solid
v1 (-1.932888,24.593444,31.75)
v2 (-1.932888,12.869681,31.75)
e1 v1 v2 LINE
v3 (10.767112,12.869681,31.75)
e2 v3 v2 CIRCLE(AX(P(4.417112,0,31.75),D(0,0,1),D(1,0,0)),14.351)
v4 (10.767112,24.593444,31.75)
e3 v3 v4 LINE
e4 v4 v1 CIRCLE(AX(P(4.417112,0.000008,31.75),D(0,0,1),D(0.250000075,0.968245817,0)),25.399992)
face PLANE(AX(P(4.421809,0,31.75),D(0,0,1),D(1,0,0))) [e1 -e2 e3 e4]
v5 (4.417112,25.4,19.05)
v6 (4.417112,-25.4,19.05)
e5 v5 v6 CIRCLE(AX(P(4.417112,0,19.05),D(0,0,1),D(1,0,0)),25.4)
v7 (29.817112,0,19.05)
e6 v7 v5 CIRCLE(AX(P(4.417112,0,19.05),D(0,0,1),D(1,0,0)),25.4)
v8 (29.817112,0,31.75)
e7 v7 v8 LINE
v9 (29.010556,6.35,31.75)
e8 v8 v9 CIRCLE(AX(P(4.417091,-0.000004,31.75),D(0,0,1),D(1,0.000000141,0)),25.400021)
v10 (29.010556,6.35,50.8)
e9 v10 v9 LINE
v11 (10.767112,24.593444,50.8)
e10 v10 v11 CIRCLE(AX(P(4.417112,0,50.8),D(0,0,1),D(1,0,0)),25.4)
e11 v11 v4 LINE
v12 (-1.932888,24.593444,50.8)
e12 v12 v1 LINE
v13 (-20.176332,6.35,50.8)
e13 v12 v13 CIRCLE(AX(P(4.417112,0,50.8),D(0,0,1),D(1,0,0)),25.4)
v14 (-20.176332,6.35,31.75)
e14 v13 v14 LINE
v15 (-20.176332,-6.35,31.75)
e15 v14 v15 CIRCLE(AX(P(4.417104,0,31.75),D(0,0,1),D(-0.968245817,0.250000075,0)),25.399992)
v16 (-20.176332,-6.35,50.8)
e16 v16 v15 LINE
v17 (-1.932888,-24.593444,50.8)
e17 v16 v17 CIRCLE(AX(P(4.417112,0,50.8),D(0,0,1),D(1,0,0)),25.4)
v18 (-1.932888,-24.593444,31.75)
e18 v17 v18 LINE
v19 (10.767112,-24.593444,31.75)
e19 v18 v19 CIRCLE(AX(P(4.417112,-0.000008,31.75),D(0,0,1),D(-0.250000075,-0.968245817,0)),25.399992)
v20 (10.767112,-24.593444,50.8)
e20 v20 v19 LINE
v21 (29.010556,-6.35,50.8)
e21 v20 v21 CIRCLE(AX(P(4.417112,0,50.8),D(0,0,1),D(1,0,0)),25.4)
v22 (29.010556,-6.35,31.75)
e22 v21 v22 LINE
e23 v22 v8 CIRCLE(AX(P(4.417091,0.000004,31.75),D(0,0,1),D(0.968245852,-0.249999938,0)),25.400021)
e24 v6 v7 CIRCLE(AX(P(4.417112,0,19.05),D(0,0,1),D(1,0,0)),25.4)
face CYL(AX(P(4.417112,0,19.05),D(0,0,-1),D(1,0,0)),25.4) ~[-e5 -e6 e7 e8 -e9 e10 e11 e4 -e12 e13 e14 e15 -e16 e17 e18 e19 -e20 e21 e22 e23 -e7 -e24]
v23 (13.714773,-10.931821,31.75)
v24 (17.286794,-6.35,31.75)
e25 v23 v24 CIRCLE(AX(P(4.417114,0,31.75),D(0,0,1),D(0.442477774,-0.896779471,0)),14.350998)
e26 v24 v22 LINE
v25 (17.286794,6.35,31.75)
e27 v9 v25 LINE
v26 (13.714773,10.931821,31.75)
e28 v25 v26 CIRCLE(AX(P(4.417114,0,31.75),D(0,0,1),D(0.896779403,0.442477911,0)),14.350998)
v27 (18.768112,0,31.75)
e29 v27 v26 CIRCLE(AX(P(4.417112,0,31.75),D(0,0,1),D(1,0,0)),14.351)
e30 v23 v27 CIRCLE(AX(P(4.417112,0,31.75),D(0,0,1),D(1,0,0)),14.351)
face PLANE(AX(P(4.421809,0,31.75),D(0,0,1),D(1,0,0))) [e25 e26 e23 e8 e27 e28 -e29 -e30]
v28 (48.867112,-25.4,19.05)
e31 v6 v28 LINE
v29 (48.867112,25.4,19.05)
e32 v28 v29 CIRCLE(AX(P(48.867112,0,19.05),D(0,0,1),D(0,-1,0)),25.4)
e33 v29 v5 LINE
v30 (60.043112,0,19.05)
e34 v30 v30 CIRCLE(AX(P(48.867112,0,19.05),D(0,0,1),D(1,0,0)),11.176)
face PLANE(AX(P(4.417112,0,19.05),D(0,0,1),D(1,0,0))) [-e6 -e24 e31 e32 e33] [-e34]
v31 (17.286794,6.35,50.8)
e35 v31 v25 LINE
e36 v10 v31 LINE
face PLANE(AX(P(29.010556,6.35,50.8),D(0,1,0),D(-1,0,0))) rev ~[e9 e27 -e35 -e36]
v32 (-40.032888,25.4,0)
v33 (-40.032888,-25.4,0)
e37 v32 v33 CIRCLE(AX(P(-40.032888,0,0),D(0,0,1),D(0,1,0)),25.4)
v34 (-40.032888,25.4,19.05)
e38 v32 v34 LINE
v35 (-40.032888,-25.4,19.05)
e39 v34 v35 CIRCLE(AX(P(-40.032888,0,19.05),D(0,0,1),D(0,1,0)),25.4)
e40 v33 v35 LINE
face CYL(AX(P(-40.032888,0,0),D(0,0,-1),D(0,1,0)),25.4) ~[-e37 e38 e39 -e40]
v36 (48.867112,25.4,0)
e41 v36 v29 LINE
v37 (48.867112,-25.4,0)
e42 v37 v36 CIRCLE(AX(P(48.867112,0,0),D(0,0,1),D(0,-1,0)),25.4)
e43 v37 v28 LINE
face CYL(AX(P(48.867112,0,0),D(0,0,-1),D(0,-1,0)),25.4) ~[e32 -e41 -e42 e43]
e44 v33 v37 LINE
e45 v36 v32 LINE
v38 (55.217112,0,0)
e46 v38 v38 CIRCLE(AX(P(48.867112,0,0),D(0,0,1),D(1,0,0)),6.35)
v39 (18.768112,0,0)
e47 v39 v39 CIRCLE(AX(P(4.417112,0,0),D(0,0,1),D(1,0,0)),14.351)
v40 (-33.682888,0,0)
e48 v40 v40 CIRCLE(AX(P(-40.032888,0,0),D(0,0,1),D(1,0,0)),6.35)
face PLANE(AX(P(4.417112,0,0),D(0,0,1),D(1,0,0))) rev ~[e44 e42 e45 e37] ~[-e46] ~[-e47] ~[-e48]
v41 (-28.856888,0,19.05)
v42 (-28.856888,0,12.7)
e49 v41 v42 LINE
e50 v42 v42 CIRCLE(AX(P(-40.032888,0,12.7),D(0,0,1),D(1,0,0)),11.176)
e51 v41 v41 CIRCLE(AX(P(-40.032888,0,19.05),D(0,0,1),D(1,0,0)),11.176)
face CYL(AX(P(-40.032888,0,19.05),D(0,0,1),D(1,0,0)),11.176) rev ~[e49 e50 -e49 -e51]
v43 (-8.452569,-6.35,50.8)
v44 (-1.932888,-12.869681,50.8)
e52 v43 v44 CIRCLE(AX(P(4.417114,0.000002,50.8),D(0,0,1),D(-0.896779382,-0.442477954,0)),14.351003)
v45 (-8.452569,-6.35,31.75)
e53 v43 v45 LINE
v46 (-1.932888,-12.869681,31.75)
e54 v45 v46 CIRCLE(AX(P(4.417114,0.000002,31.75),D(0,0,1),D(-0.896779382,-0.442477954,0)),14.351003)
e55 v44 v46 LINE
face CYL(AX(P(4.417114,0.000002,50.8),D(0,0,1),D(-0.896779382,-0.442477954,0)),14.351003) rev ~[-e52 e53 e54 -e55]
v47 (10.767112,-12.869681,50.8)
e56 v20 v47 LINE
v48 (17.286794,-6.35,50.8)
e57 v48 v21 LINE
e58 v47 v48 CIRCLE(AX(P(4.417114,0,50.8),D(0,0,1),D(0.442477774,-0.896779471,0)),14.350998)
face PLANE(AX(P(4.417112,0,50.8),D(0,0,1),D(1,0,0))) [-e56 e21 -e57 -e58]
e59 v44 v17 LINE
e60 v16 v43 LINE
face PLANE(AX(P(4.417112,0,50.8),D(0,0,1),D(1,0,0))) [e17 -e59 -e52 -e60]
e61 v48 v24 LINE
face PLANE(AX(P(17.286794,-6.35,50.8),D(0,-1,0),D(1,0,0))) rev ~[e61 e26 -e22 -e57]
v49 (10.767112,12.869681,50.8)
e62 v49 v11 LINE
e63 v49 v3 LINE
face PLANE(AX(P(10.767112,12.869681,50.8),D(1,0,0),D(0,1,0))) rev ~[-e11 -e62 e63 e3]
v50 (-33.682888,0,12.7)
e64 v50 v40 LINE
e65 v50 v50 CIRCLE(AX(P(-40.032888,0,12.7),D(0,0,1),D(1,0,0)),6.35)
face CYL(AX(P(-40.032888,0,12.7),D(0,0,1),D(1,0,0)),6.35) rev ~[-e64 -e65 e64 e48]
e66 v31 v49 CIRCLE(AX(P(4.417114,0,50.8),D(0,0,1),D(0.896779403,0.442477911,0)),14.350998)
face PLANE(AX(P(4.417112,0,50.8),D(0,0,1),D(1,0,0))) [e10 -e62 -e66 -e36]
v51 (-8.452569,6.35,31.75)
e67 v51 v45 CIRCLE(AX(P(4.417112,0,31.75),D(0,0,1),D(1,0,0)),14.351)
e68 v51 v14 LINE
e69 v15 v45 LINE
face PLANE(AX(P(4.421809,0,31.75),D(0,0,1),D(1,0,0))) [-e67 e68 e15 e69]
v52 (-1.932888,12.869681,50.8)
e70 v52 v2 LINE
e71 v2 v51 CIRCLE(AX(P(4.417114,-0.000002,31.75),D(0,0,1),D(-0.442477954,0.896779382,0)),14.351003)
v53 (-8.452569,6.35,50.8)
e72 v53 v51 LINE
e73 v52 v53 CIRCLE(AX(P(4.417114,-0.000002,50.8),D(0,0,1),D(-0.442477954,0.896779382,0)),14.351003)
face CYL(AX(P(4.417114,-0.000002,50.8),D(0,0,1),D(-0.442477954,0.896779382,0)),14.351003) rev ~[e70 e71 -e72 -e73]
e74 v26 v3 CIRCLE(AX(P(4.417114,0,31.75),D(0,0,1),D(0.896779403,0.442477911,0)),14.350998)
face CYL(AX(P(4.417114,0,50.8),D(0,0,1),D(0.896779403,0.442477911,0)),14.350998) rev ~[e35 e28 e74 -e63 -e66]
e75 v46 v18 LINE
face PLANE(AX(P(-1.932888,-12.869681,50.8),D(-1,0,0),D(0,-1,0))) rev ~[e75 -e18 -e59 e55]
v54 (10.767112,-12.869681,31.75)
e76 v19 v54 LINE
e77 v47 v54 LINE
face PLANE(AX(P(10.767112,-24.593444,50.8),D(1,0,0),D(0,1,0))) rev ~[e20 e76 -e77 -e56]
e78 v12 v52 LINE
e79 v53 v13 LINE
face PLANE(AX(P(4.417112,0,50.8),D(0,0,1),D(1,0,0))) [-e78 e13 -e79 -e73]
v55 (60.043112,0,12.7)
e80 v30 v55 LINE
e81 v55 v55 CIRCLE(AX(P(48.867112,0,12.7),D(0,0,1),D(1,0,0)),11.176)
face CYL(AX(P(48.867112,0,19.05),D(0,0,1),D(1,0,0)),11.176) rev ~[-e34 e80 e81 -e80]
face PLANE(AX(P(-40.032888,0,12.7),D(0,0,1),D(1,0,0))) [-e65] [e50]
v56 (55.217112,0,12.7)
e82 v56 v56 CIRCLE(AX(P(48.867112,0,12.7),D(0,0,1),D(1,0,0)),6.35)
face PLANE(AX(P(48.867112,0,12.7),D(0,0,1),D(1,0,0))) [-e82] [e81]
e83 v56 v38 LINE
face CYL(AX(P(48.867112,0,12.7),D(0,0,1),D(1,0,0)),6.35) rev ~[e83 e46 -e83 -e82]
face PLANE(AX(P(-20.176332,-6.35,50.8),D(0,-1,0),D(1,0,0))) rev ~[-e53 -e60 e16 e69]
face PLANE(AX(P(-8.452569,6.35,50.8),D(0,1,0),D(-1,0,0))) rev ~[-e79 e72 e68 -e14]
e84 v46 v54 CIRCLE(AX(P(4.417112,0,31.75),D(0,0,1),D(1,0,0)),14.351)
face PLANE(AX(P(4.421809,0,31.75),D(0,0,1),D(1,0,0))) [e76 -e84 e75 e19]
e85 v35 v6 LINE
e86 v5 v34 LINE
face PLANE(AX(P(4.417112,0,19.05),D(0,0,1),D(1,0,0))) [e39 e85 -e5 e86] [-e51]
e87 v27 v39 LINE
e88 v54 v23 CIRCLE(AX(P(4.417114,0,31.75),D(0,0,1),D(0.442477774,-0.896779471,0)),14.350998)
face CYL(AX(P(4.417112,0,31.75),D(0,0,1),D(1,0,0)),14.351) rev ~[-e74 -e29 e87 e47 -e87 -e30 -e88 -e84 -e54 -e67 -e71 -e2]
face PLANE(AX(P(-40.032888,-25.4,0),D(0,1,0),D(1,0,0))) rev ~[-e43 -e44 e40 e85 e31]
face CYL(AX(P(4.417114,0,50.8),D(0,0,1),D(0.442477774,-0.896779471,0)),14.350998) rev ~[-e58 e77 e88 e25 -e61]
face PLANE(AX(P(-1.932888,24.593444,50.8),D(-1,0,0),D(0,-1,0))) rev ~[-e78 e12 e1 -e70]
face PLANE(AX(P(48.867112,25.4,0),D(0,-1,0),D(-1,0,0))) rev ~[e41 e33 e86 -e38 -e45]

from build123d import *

# Parameters (mm, degrees)
F1_DEPTH  = 19.05
F2_R      = 25.4
F3_DEPTH  = 31.75
F5_DEPTH  = 19.05
F6_R      = 14.351
F7_DEPTH  = 31.751
F8_R      = 11.176
F9_DEPTH  = 6.35
F10_R     = 6.35
F11_DEPTH = 12.701


with BuildPart() as f1:
    # F0 (on Top) → F1 (new body)
    with BuildSketch(Plane.XY):
        with BuildLine():
            Line((48.867112, 25.4), (-40.032888, 25.4))
            ThreePointArc((-40.032888, 25.4), (-65.432888, 0), (-40.032888, -25.4))
            Line((-40.032888, -25.4), (48.867112, -25.4))
            ThreePointArc((48.867112, -25.4), (74.267112, 0), (48.867112, 25.4))
        make_face()
    extrude(amount=F1_DEPTH)

    # F2 (on face) → F3 (join)
    with BuildSketch(Plane.XY.offset(19.05)):
        with Locations((4.417112, 0)):
            Circle(F2_R)
    extrude(amount=F3_DEPTH)

    # F4 (on face) → F5 (cut)
    with BuildSketch(Plane.XY.offset(50.8)):
        with BuildLine():
            Line((-1.932888, 24.593444), (-1.932888, 12.869681))
            ThreePointArc((-1.932888, 12.869681), (-5.730577, 10.147689), (-8.452569, 6.35))
            Line((-8.452569, 6.35), (-20.176332, 6.35))
            ThreePointArc((-20.176332, 6.35), (-20.982888, 0), (-20.176332, -6.35))
            Line((-20.176332, -6.35), (-8.452569, -6.35))
            ThreePointArc((-8.452569, -6.35), (-5.730577, -10.147689), (-1.932888, -12.869681))
            Line((-1.932888, -12.869681), (-1.932888, -24.593444))
            ThreePointArc((-1.932888, -24.593444), (4.417112, -25.4), (10.767112, -24.593444))
            Line((10.767112, -24.593444), (10.767112, -12.869681))
            ThreePointArc((10.767112, -12.869681), (14.564802, -10.147689), (17.286794, -6.35))
            Line((17.286794, -6.35), (29.010556, -6.35))
            ThreePointArc((29.010556, -6.35), (29.614666, -3.200509), (29.817112, 0))
            ThreePointArc((29.817112, 0), (29.614666, 3.200509), (29.010556, 6.35))
            Line((29.010556, 6.35), (17.286794, 6.35))
            ThreePointArc((17.286794, 6.35), (14.564802, 10.147689), (10.767112, 12.869681))
            Line((10.767112, 12.869681), (10.767112, 24.593444))
            ThreePointArc((10.767112, 24.593444), (4.417112, 25.4), (-1.932888, 24.593444))
        make_face()
    extrude(amount=-F5_DEPTH, mode=Mode.SUBTRACT)

    # F6 (on face) → F7 (cut, through all)
    with BuildSketch(Plane.XY.offset(31.75)):
        with Locations((4.417112, 0)):
            Circle(F6_R)
    extrude(amount=-F7_DEPTH, mode=Mode.SUBTRACT)

    # F8 (on face) → F9 (cut)
    with BuildSketch(Plane.XY.offset(19.05)):
        with Locations((-40.032888, 0)):
            Circle(F8_R)
        with Locations((48.867112, 0)):
            Circle(F8_R)
    extrude(amount=-F9_DEPTH, mode=Mode.SUBTRACT)

    # F10 (on face) → F11 (cut, through all)
    with BuildSketch(Plane.XY.offset(12.7)):
        with Locations((-40.032888, 0)):
            Circle(F10_R)
        with Locations((48.867112, 0)):
            Circle(F10_R)
    extrude(amount=-F11_DEPTH, mode=Mode.SUBTRACT)


solid = f1.part
